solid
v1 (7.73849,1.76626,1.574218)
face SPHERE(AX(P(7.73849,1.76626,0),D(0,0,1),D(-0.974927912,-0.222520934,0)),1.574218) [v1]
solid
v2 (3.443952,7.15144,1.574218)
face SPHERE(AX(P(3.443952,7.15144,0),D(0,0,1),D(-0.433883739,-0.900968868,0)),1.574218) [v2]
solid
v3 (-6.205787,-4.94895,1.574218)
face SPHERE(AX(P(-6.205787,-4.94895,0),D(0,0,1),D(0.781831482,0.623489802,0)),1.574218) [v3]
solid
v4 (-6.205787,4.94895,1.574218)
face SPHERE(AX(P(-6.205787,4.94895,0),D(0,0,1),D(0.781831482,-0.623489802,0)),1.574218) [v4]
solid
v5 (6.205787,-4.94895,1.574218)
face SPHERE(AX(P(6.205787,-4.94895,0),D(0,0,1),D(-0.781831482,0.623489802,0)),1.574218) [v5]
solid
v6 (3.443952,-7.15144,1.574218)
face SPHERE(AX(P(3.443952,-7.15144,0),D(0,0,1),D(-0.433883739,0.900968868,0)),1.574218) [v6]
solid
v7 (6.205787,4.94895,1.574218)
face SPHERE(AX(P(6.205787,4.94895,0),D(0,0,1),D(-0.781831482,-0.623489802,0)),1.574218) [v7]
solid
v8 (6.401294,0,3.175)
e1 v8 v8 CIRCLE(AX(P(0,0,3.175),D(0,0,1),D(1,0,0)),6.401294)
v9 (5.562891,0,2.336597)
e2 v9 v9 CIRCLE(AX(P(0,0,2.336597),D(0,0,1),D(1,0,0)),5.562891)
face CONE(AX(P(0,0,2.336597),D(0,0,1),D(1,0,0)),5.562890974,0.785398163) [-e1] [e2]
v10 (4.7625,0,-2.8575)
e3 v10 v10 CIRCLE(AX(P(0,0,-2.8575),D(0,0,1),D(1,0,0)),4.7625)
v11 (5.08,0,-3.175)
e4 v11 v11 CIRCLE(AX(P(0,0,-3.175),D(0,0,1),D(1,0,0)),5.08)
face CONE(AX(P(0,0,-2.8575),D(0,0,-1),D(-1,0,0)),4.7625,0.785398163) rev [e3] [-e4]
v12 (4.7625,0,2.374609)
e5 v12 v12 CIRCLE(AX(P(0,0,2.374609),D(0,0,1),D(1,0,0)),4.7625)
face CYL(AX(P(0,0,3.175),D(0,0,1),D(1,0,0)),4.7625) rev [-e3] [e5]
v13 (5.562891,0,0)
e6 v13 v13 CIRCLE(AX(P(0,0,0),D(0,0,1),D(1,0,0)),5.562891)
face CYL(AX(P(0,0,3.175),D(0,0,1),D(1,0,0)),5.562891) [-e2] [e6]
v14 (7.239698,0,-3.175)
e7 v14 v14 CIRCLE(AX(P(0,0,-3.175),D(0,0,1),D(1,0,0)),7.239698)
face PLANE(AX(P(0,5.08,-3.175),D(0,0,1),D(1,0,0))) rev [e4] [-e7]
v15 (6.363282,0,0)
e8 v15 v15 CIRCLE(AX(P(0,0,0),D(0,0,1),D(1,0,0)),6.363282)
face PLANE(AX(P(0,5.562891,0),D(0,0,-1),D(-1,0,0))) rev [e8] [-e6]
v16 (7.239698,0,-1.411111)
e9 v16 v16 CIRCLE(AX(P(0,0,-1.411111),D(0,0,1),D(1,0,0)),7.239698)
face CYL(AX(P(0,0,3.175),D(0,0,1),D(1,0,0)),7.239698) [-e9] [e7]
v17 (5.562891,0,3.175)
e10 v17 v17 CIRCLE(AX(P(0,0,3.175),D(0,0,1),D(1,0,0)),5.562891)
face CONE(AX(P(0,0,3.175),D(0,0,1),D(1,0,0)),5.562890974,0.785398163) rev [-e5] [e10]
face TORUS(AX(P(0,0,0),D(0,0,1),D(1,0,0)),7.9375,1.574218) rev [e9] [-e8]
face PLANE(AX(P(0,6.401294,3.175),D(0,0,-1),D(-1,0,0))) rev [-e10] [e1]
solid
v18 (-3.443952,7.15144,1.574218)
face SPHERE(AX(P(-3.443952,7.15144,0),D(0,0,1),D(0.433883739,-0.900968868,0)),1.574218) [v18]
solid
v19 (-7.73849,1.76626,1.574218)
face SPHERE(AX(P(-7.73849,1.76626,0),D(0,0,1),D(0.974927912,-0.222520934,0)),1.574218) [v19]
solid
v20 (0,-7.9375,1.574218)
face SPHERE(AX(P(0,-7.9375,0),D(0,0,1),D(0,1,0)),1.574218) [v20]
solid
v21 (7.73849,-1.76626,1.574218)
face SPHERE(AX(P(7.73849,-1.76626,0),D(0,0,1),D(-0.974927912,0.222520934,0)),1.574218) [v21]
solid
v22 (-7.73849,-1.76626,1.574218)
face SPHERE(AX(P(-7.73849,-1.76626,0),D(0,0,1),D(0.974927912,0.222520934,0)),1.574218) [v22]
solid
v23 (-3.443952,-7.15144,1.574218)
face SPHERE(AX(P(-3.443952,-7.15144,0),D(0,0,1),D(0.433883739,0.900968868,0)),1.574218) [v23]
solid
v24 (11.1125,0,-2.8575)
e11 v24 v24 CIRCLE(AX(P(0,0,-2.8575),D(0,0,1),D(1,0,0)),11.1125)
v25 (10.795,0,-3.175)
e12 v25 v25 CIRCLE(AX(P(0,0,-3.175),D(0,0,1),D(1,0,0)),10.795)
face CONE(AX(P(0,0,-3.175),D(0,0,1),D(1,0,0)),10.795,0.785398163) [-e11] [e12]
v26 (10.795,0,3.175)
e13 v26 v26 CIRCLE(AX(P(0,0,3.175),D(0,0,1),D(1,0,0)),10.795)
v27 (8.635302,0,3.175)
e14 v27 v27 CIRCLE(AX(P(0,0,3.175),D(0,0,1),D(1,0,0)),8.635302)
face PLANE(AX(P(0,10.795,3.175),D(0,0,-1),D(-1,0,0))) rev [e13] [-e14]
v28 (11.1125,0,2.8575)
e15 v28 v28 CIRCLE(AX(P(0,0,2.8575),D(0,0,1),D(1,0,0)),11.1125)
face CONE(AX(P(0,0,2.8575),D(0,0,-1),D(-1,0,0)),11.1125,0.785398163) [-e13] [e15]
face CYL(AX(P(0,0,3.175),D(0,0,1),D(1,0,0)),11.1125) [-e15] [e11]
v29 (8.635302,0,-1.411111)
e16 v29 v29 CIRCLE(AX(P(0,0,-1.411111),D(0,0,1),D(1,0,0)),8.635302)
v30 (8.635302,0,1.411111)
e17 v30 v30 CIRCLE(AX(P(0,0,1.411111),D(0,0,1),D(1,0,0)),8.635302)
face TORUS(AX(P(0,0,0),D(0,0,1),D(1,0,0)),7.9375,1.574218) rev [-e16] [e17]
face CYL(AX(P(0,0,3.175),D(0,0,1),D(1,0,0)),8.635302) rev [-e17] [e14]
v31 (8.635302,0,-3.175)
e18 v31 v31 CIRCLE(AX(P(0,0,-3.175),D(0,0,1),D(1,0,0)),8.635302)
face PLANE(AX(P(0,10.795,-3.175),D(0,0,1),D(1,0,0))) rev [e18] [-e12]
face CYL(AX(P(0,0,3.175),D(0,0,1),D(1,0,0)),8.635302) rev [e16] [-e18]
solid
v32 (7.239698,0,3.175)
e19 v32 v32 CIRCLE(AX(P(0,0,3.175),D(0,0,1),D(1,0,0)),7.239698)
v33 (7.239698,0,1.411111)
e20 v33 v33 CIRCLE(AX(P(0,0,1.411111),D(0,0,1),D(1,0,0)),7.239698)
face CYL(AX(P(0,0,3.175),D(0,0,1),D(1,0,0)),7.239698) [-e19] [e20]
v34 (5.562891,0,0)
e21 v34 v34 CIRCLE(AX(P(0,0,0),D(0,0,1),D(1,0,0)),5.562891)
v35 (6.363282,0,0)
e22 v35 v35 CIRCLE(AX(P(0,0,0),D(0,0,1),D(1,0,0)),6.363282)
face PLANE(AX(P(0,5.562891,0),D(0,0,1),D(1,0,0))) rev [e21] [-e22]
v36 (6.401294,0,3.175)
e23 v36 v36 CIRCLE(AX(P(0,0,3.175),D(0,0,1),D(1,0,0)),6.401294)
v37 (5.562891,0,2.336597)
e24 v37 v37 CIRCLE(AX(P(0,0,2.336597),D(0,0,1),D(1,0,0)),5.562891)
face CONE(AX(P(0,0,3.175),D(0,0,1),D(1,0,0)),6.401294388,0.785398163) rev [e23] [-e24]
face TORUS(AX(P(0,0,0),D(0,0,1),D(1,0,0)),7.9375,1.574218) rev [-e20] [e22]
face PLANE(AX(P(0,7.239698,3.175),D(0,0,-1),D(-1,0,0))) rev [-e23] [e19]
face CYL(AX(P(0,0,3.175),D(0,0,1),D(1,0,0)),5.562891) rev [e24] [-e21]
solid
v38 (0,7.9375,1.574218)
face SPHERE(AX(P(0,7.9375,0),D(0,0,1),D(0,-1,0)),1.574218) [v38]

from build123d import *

# Parameters (mm, degrees)
CIRPATTERN1_COUNT = 14


with BuildPart() as part:
    # Sketch1 → Revolve1 (revolve)
    with BuildSketch(Plane(origin=(0, 0, 0), x_dir=(0, 0, -1), z_dir=(1, 0, 0))):
        with BuildLine():
            Line((2.8575, 11.1125), (-2.8575, 11.1125))
            Line((-2.8575, 11.1125), (-3.175, 10.795))
            Line((-3.175, 10.795), (-3.175, 8.635302198))
            Line((-3.175, 8.635302198), (-1.411111111, 8.635302198))
            ThreePointArc((-1.411111111, 8.635302198), (0, 9.511718052), (1.411111111, 8.635302198))
            Line((1.411111111, 8.635302198), (3.175, 8.635302198))
            Line((3.175, 8.635302198), (3.175, 10.795))
            Line((3.175, 10.795), (2.8575, 11.1125))
        make_face()
    revolve(axis=Axis((0, 0, 3.175), (0, 0, -1)))


with BuildPart() as body_2:
    # Sketch2 → Revolve2 (revolve)
    with BuildSketch(Plane(origin=(0, 0, 0), x_dir=(0, 0, -1), z_dir=(1, 0, 0))):
        with BuildLine():
            Line((-3.175, 7.239697802), (-1.411111111, 7.239697802))
            ThreePointArc((-1.411111111, 7.239697802), (-0.830562959, 6.600216318), (0, 6.363281948))
            Line((0, 6.363281948), (0, 5.562890974))
            Line((0, 5.562890974), (-2.336596586, 5.562890974))
            Line((-2.336596586, 5.562890974), (-3.175, 6.401294388))
            Line((-3.175, 6.401294388), (-3.175, 7.239697802))
        make_face()
    revolve(axis=Axis((0, 0, 3.175), (0, 0, -1)))


with BuildPart() as body_3:
    # Sketch3 → Revolve3 (revolve)
    with BuildSketch(Plane(origin=(0, 0, 0), x_dir=(0, 0, -1), z_dir=(1, 0, 0))):
        with BuildLine():
            Line((-3.175, 6.401294388), (-2.336596586, 5.562890974))
            Line((-2.336596586, 5.562890974), (0, 5.562890974))
            Line((0, 5.562890974), (0, 6.363281948))
            ThreePointArc((0, 6.363281948), (0.830562959, 6.600216318), (1.411111111, 7.239697802))
            Line((1.411111111, 7.239697802), (3.175, 7.239697802))
            Line((3.175, 7.239697802), (3.175, 5.08))
            Line((3.175, 5.08), (2.8575, 4.7625))
            Line((2.8575, 4.7625), (-2.374609026, 4.7625))
            Line((-2.374609026, 4.7625), (-3.175, 5.562890974))
            Line((-3.175, 5.562890974), (-3.175, 6.401294388))
        make_face()
    revolve(axis=Axis((0, 0, 3.175), (0, 0, -1)))


with BuildPart() as body_4:
    # Sketch4 → Revolve4 (revolve)
    with BuildSketch(Plane(origin=(0, 0, 0), x_dir=(0, 0, -1), z_dir=(1, 0, 0))):
        with BuildLine():
            Line((-1.574218052, 7.9375), (1.574218052, 7.9375))
            ThreePointArc((1.574218052, 7.9375), (0, 9.511718052), (-1.574218052, 7.9375))
        make_face()
    revolve(axis=Axis((0, 7.9375, 1.574218052), (0, 0, -1)))


with BuildPart() as cirpattern1_1:
    # CirPattern1: pattern copy
    add(body_4.part.rotate(Axis((0, 0, -3.175), (0, 0, 1)), 1 * 360 / CIRPATTERN1_COUNT))


with BuildPart() as cirpattern1_2:
    # CirPattern1: pattern copy
    add(body_4.part.rotate(Axis((0, 0, -3.175), (0, 0, 1)), 2 * 360 / CIRPATTERN1_COUNT))


with BuildPart() as cirpattern1_3:
    # CirPattern1: pattern copy
    add(body_4.part.rotate(Axis((0, 0, -3.175), (0, 0, 1)), 3 * 360 / CIRPATTERN1_COUNT))


with BuildPart() as cirpattern1_4:
    # CirPattern1: pattern copy
    add(body_4.part.rotate(Axis((0, 0, -3.175), (0, 0, 1)), 4 * 360 / CIRPATTERN1_COUNT))


with BuildPart() as cirpattern1_5:
    # CirPattern1: pattern copy
    add(body_4.part.rotate(Axis((0, 0, -3.175), (0, 0, 1)), 5 * 360 / CIRPATTERN1_COUNT))


with BuildPart() as cirpattern1_6:
    # CirPattern1: pattern copy
    add(body_4.part.rotate(Axis((0, 0, -3.175), (0, 0, 1)), 6 * 360 / CIRPATTERN1_COUNT))


with BuildPart() as cirpattern1_7:
    # CirPattern1: pattern copy
    add(body_4.part.rotate(Axis((0, 0, -3.175), (0, 0, 1)), 7 * 360 / CIRPATTERN1_COUNT))


with BuildPart() as cirpattern1_8:
    # CirPattern1: pattern copy
    add(body_4.part.rotate(Axis((0, 0, -3.175), (0, 0, 1)), 8 * 360 / CIRPATTERN1_COUNT))


with BuildPart() as cirpattern1_9:
    # CirPattern1: pattern copy
    add(body_4.part.rotate(Axis((0, 0, -3.175), (0, 0, 1)), 9 * 360 / CIRPATTERN1_COUNT))


with BuildPart() as cirpattern1_10:
    # CirPattern1: pattern copy
    add(body_4.part.rotate(Axis((0, 0, -3.175), (0, 0, 1)), 10 * 360 / CIRPATTERN1_COUNT))


with BuildPart() as cirpattern1_11:
    # CirPattern1: pattern copy
    add(body_4.part.rotate(Axis((0, 0, -3.175), (0, 0, 1)), 11 * 360 / CIRPATTERN1_COUNT))


with BuildPart() as cirpattern1_12:
    # CirPattern1: pattern copy
    add(body_4.part.rotate(Axis((0, 0, -3.175), (0, 0, 1)), 12 * 360 / CIRPATTERN1_COUNT))


with BuildPart() as cirpattern1_13:
    # CirPattern1: pattern copy
    add(body_4.part.rotate(Axis((0, 0, -3.175), (0, 0, 1)), 13 * 360 / CIRPATTERN1_COUNT))


solid = Compound([part.part, body_2.part, body_3.part, body_4.part, cirpattern1_1.part, cirpattern1_2.part, cirpattern1_3.part, cirpattern1_4.part, cirpattern1_5.part, cirpattern1_6.part, cirpattern1_7.part, cirpattern1_8.part, cirpattern1_9.part, cirpattern1_10.part, cirpattern1_11.part, cirpattern1_12.part, cirpattern1_13.part])
